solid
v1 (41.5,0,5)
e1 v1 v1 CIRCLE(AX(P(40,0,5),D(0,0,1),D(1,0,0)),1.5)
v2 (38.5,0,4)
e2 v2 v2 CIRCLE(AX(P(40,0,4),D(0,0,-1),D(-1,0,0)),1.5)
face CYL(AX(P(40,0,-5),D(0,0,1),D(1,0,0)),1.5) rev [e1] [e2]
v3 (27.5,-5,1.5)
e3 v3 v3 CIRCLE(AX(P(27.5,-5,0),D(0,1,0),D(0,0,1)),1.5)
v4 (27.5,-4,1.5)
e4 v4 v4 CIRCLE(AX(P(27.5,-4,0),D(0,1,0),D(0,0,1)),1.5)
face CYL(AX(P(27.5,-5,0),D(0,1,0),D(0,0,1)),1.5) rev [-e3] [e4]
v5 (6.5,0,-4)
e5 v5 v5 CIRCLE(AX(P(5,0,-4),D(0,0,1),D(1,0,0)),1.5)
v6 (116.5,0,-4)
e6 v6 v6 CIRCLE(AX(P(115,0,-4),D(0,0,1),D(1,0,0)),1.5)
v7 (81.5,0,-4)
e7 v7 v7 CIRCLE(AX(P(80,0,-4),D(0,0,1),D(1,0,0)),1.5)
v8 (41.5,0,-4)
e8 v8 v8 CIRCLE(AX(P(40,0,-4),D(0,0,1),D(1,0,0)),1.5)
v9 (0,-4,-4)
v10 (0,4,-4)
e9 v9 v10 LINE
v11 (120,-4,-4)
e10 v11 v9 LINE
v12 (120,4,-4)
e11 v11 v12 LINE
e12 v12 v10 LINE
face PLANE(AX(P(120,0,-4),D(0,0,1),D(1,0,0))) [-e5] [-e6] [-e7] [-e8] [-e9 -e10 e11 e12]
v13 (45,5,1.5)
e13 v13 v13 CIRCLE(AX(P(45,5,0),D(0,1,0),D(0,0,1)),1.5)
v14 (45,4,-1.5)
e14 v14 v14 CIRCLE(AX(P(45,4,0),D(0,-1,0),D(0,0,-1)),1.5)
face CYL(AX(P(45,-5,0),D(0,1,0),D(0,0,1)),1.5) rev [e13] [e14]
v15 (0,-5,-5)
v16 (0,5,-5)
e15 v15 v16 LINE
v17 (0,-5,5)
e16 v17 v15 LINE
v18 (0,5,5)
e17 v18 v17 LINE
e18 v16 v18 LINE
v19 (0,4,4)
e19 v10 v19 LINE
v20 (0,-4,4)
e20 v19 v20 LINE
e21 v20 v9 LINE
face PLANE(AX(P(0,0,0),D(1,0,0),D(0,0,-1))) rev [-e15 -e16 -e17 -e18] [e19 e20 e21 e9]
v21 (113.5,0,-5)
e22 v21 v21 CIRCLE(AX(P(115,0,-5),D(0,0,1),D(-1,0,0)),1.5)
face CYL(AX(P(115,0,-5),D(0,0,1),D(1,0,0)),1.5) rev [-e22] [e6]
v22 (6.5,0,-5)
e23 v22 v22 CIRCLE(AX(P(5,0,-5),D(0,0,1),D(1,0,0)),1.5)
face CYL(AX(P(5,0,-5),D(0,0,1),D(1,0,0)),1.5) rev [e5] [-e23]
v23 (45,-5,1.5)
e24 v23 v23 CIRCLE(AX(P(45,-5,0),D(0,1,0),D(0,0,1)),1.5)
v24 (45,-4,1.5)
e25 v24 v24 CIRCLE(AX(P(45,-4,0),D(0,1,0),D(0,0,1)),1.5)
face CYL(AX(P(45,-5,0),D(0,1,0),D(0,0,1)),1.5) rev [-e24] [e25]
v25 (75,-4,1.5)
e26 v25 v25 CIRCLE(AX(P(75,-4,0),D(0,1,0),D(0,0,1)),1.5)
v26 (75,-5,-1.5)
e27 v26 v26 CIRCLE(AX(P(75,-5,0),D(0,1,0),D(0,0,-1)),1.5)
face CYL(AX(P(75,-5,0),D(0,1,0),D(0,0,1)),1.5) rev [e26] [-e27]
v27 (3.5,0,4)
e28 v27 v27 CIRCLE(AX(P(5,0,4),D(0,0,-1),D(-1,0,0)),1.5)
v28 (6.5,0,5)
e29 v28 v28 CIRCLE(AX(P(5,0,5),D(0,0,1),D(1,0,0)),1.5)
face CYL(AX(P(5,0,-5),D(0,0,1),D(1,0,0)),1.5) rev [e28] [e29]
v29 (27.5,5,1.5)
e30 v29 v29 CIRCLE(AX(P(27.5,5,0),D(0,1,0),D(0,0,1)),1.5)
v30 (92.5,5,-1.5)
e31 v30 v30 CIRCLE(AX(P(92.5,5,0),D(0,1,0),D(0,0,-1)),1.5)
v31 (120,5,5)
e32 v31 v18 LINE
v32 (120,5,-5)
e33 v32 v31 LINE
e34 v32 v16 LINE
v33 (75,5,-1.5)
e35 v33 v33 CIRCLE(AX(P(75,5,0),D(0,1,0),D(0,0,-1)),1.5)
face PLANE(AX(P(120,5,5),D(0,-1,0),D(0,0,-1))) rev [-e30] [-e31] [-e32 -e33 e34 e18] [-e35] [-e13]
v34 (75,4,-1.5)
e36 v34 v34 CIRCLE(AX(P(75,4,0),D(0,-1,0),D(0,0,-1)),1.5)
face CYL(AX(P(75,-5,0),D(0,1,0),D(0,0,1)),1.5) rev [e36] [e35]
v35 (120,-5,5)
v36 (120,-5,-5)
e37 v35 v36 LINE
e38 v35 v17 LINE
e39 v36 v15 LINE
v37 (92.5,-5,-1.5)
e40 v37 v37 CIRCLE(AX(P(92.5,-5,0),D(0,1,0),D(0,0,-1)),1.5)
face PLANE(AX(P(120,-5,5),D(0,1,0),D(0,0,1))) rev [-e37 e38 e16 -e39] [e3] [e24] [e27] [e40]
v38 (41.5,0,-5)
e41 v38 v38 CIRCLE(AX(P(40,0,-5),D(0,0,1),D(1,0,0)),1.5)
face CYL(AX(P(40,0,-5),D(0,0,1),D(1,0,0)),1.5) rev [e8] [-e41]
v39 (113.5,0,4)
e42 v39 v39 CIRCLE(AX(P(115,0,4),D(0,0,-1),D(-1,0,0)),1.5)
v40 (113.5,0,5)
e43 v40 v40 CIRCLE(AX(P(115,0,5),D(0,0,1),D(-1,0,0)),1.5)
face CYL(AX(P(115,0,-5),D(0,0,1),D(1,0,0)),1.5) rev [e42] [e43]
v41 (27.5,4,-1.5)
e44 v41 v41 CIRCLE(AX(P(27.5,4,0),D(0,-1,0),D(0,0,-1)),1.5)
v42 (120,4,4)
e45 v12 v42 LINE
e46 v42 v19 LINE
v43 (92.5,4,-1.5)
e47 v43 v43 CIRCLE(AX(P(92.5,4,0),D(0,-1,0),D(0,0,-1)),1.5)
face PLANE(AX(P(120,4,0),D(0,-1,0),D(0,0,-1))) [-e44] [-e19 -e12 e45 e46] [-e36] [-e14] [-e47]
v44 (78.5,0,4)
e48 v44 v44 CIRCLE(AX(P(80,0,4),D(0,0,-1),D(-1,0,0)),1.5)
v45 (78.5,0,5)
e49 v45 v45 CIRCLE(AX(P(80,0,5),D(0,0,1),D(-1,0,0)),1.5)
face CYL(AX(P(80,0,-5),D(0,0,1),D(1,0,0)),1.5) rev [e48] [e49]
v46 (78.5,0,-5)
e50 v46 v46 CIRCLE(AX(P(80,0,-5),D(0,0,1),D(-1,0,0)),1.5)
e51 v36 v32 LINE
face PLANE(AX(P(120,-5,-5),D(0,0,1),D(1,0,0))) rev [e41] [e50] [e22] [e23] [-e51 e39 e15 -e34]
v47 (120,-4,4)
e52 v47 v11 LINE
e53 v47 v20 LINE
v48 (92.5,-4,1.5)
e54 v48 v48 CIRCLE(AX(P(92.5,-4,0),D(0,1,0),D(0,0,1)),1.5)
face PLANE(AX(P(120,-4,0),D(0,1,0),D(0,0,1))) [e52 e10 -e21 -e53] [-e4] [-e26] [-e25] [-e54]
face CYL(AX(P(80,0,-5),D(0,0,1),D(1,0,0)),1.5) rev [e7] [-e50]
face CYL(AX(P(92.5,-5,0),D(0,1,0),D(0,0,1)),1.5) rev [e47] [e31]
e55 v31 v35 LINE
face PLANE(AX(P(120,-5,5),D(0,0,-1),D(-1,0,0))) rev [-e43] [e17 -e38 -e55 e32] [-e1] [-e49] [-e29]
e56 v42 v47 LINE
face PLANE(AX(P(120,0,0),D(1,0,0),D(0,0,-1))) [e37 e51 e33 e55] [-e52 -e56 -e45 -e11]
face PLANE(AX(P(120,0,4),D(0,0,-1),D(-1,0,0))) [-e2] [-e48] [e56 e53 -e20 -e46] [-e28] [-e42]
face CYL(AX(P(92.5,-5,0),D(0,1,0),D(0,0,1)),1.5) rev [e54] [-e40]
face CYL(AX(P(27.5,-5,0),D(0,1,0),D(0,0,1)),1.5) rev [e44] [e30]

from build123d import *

# Parameters (mm, degrees)
SKETCH_1_W          = 10
SKETCH_1_H          = 10
SKETCH_1_W_2        = 8
SKETCH_1_H_2        = 8
EXTRUDE_1_DEPTH     = 120
SKETCH_2_R          = 1.5
CUT_EXTRUDE_1_DEPTH = 121.519707932
SKETCH_3_R          = 1.5
CUT_EXTRUDE_2_DEPTH = 121.519707932


with BuildPart() as part:
    # ｽｹｯﾁ1 → 押し出し-薄板1 (new body)
    with BuildSketch(Plane(origin=(0, 0, 0), x_dir=(0, 0, -1), z_dir=(1, 0, 0))):
        Rectangle(SKETCH_1_W, SKETCH_1_H)
        Rectangle(SKETCH_1_W_2, SKETCH_1_H_2, mode=Mode.SUBTRACT)
    extrude(amount=EXTRUDE_1_DEPTH)

    # ｽｹｯﾁ2 → ｶｯﾄ - 押し出し1 (cut, through all)
    with BuildSketch(Plane.XY.offset(5)):
        with Locations((5, 0)):
            Circle(SKETCH_2_R)
        with Locations(Location((115, 0, 0), (0, 0, 180))):
            Circle(SKETCH_2_R)
        with Locations((40, 0)):
            Circle(SKETCH_2_R)
        with Locations(Location((80, 0, 0), (0, 0, 180))):
            Circle(SKETCH_2_R)
    extrude(amount=-CUT_EXTRUDE_1_DEPTH, mode=Mode.SUBTRACT)

    # ｽｹｯﾁ3 → ｶｯﾄ - 押し出し2 (cut, through all)
    with BuildSketch(Plane(origin=(0, 5, 0), x_dir=(1, 0, 0), z_dir=(0, 1, 0))):
        with Locations(Location((45, 0, 0), (0, 0, 270))):
            Circle(SKETCH_3_R)
        with Locations(Location((75, 0, 0), (0, 0, 270))):
            Circle(SKETCH_3_R)
        with Locations(Location((27.5, 0, 0), (0, 0, 270))):
            Circle(SKETCH_3_R)
        with Locations(Location((92.5, 0, 0), (0, 0, 270))):
            Circle(SKETCH_3_R)
    extrude(amount=-CUT_EXTRUDE_2_DEPTH, mode=Mode.SUBTRACT)


solid = part.part
